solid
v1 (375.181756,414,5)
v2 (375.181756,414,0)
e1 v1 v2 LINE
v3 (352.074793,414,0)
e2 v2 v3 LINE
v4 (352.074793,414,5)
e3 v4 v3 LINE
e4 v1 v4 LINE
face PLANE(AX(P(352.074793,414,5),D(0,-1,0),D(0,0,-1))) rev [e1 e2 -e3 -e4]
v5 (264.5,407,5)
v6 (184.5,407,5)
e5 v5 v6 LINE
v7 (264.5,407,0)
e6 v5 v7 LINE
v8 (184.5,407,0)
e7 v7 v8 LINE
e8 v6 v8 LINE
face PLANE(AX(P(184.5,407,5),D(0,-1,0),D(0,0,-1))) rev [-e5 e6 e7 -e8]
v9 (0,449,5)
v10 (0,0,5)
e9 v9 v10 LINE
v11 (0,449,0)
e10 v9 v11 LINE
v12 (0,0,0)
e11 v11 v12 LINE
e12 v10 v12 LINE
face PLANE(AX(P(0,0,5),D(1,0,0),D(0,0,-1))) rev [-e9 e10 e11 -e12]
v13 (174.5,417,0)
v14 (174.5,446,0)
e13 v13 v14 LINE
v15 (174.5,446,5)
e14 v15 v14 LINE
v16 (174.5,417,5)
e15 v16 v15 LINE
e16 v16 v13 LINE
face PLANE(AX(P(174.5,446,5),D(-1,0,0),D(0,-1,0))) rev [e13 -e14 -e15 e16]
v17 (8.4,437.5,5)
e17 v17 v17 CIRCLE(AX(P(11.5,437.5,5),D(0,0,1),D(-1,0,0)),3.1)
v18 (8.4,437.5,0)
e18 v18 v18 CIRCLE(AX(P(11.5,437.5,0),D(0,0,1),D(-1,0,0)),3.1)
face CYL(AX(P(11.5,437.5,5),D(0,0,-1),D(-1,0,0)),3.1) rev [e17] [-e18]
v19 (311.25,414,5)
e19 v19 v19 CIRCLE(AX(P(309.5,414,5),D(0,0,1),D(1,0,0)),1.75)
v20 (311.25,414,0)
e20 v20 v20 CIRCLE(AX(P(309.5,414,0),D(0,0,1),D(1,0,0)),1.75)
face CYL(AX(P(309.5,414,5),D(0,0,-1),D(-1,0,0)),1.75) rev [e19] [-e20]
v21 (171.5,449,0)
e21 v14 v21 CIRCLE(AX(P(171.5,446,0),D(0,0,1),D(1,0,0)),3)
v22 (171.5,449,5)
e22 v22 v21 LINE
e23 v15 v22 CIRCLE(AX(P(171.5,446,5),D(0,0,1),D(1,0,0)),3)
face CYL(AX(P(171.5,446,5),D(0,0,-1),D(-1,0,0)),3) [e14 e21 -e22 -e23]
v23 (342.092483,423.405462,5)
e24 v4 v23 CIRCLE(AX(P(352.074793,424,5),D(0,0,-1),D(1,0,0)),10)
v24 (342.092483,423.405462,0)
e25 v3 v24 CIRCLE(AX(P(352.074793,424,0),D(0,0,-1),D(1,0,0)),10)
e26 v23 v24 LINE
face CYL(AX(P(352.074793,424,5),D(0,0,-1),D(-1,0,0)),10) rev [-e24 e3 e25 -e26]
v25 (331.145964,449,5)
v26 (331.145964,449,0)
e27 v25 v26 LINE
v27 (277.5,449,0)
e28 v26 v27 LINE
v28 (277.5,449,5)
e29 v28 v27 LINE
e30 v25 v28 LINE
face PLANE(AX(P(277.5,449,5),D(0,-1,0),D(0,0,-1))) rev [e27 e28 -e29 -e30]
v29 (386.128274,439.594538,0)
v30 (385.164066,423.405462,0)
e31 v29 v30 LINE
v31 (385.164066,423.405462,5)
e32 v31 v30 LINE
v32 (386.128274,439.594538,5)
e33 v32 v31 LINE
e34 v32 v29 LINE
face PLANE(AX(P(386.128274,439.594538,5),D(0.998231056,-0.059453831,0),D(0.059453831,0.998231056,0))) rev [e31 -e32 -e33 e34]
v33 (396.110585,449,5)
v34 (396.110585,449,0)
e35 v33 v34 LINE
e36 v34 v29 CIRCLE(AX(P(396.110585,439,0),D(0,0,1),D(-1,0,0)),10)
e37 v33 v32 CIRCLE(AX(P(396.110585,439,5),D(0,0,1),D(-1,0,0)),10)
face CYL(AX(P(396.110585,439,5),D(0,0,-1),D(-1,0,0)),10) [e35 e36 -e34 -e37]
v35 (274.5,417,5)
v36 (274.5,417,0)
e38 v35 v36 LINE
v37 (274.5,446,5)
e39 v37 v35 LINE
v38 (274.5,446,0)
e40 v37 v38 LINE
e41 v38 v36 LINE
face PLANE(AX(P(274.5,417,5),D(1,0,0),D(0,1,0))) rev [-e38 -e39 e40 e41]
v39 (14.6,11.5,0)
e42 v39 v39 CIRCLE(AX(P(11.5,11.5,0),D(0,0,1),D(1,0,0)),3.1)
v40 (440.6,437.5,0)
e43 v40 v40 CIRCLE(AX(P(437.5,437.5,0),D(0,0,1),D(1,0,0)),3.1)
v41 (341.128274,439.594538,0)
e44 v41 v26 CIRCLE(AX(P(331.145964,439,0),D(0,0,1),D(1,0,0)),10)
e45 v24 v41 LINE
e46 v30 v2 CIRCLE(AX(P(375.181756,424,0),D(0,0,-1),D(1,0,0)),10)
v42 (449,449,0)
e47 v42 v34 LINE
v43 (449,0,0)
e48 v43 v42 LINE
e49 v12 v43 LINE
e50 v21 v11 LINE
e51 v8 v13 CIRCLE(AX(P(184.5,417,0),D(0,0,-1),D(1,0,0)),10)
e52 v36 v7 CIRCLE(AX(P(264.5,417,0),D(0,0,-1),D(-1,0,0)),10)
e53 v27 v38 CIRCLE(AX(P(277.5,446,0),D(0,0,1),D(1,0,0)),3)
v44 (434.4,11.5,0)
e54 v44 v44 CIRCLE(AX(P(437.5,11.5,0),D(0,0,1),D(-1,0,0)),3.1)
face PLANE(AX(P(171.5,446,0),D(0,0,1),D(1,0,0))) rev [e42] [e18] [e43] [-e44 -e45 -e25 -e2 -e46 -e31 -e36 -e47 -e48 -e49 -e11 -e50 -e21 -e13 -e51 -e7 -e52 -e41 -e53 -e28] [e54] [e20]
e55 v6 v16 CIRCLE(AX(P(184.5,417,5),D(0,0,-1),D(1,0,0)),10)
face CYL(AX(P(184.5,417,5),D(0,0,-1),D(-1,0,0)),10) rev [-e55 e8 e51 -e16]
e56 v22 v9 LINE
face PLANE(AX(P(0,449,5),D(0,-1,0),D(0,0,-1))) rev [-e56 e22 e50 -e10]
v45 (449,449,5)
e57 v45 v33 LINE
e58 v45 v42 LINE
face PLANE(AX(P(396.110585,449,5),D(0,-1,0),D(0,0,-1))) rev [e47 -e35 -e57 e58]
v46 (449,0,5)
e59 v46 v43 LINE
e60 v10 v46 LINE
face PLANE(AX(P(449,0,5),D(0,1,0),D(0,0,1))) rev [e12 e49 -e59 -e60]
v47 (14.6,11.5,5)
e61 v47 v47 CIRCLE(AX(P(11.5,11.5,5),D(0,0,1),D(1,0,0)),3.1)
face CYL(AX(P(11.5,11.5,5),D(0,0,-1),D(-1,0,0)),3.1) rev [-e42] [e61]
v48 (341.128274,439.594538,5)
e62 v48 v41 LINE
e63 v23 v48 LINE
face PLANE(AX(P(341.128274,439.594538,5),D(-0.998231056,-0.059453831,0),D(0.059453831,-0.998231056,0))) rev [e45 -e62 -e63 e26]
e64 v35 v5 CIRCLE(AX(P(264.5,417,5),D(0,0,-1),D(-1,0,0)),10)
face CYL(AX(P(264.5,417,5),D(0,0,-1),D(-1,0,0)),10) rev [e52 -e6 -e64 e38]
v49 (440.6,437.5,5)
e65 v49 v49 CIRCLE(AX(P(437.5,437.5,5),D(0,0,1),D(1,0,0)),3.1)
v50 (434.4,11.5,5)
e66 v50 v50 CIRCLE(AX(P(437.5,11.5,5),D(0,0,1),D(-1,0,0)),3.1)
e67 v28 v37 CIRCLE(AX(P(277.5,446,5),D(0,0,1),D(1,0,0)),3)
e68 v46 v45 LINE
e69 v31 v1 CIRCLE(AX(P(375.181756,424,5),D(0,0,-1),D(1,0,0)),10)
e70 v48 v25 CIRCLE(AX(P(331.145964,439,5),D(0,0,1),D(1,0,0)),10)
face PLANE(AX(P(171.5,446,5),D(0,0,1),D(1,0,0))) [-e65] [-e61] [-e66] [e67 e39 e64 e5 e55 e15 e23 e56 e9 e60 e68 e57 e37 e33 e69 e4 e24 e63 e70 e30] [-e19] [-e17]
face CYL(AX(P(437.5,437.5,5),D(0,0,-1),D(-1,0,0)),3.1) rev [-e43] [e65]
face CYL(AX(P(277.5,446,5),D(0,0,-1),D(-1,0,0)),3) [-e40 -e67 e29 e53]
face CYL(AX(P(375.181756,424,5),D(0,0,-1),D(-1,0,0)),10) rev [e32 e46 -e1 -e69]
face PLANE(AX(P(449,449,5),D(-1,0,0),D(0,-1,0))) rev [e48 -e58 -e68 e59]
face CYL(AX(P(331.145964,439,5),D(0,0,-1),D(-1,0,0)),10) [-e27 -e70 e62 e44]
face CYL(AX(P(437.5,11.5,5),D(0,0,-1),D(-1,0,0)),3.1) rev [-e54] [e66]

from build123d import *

# Parameters (mm, degrees)
SCHIZZO1_R                   = 3.1
SCHIZZO1_R_2                 = 1.75
ESTRUSIONE_ESTRUSIONE1_DEPTH = 5


with BuildPart() as part:
    # Schizzo1 → Estrusione-Estrusione1 (new body)
    with BuildSketch(Plane.XY):
        with BuildLine():
            Line((0, 0), (0, 449))
            Line((0, 449), (171.5, 449))
            ThreePointArc((171.5, 449), (173.621320344, 448.121320344), (174.5, 446))
            Line((174.5, 446), (174.5, 417))
            ThreePointArc((174.5, 417), (177.428932188, 409.928932188), (184.5, 407))
            Line((184.5, 407), (264.5, 407))
            ThreePointArc((264.5, 407), (271.571067812, 409.928932188), (274.5, 417))
            Line((274.5, 417), (274.5, 446))
            ThreePointArc((274.5, 446), (275.378679656, 448.121320344), (277.5, 449))
            Line((277.5, 449), (331.145963874, 449))
            ThreePointArc((331.145963874, 449), (338.003609857, 446.278234097), (341.128274438, 439.594538314))
            Line((341.128274438, 439.594538314), (342.092482701, 423.405461686))
            ThreePointArc((342.092482701, 423.405461686), (345.217147282, 416.721765903), (352.074793265, 414))
            Line((352.074793265, 414), (375.181755612, 414))
            ThreePointArc((375.181755612, 414), (382.039401595, 416.721765903), (385.164066175, 423.405461686))
            Line((385.164066175, 423.405461686), (386.128274438, 439.594538314))
            ThreePointArc((386.128274438, 439.594538314), (389.252939019, 446.278234097), (396.110585002, 449))
            Line((396.110585002, 449), (449, 449))
            Line((449, 449), (449, 0))
            Line((449, 0), (0, 0))
        make_face()
        with Locations((11.5, 11.5)):
            Circle(SCHIZZO1_R, mode=Mode.SUBTRACT)
        with Locations((437.5, 11.5)):
            Circle(SCHIZZO1_R, mode=Mode.SUBTRACT)
        with Locations((437.5, 437.5)):
            Circle(SCHIZZO1_R, mode=Mode.SUBTRACT)
        with Locations((11.5, 437.5)):
            Circle(SCHIZZO1_R, mode=Mode.SUBTRACT)
        with Locations((309.5, 414)):
            Circle(SCHIZZO1_R_2, mode=Mode.SUBTRACT)
    extrude(amount=ESTRUSIONE_ESTRUSIONE1_DEPTH)


solid = part.part
